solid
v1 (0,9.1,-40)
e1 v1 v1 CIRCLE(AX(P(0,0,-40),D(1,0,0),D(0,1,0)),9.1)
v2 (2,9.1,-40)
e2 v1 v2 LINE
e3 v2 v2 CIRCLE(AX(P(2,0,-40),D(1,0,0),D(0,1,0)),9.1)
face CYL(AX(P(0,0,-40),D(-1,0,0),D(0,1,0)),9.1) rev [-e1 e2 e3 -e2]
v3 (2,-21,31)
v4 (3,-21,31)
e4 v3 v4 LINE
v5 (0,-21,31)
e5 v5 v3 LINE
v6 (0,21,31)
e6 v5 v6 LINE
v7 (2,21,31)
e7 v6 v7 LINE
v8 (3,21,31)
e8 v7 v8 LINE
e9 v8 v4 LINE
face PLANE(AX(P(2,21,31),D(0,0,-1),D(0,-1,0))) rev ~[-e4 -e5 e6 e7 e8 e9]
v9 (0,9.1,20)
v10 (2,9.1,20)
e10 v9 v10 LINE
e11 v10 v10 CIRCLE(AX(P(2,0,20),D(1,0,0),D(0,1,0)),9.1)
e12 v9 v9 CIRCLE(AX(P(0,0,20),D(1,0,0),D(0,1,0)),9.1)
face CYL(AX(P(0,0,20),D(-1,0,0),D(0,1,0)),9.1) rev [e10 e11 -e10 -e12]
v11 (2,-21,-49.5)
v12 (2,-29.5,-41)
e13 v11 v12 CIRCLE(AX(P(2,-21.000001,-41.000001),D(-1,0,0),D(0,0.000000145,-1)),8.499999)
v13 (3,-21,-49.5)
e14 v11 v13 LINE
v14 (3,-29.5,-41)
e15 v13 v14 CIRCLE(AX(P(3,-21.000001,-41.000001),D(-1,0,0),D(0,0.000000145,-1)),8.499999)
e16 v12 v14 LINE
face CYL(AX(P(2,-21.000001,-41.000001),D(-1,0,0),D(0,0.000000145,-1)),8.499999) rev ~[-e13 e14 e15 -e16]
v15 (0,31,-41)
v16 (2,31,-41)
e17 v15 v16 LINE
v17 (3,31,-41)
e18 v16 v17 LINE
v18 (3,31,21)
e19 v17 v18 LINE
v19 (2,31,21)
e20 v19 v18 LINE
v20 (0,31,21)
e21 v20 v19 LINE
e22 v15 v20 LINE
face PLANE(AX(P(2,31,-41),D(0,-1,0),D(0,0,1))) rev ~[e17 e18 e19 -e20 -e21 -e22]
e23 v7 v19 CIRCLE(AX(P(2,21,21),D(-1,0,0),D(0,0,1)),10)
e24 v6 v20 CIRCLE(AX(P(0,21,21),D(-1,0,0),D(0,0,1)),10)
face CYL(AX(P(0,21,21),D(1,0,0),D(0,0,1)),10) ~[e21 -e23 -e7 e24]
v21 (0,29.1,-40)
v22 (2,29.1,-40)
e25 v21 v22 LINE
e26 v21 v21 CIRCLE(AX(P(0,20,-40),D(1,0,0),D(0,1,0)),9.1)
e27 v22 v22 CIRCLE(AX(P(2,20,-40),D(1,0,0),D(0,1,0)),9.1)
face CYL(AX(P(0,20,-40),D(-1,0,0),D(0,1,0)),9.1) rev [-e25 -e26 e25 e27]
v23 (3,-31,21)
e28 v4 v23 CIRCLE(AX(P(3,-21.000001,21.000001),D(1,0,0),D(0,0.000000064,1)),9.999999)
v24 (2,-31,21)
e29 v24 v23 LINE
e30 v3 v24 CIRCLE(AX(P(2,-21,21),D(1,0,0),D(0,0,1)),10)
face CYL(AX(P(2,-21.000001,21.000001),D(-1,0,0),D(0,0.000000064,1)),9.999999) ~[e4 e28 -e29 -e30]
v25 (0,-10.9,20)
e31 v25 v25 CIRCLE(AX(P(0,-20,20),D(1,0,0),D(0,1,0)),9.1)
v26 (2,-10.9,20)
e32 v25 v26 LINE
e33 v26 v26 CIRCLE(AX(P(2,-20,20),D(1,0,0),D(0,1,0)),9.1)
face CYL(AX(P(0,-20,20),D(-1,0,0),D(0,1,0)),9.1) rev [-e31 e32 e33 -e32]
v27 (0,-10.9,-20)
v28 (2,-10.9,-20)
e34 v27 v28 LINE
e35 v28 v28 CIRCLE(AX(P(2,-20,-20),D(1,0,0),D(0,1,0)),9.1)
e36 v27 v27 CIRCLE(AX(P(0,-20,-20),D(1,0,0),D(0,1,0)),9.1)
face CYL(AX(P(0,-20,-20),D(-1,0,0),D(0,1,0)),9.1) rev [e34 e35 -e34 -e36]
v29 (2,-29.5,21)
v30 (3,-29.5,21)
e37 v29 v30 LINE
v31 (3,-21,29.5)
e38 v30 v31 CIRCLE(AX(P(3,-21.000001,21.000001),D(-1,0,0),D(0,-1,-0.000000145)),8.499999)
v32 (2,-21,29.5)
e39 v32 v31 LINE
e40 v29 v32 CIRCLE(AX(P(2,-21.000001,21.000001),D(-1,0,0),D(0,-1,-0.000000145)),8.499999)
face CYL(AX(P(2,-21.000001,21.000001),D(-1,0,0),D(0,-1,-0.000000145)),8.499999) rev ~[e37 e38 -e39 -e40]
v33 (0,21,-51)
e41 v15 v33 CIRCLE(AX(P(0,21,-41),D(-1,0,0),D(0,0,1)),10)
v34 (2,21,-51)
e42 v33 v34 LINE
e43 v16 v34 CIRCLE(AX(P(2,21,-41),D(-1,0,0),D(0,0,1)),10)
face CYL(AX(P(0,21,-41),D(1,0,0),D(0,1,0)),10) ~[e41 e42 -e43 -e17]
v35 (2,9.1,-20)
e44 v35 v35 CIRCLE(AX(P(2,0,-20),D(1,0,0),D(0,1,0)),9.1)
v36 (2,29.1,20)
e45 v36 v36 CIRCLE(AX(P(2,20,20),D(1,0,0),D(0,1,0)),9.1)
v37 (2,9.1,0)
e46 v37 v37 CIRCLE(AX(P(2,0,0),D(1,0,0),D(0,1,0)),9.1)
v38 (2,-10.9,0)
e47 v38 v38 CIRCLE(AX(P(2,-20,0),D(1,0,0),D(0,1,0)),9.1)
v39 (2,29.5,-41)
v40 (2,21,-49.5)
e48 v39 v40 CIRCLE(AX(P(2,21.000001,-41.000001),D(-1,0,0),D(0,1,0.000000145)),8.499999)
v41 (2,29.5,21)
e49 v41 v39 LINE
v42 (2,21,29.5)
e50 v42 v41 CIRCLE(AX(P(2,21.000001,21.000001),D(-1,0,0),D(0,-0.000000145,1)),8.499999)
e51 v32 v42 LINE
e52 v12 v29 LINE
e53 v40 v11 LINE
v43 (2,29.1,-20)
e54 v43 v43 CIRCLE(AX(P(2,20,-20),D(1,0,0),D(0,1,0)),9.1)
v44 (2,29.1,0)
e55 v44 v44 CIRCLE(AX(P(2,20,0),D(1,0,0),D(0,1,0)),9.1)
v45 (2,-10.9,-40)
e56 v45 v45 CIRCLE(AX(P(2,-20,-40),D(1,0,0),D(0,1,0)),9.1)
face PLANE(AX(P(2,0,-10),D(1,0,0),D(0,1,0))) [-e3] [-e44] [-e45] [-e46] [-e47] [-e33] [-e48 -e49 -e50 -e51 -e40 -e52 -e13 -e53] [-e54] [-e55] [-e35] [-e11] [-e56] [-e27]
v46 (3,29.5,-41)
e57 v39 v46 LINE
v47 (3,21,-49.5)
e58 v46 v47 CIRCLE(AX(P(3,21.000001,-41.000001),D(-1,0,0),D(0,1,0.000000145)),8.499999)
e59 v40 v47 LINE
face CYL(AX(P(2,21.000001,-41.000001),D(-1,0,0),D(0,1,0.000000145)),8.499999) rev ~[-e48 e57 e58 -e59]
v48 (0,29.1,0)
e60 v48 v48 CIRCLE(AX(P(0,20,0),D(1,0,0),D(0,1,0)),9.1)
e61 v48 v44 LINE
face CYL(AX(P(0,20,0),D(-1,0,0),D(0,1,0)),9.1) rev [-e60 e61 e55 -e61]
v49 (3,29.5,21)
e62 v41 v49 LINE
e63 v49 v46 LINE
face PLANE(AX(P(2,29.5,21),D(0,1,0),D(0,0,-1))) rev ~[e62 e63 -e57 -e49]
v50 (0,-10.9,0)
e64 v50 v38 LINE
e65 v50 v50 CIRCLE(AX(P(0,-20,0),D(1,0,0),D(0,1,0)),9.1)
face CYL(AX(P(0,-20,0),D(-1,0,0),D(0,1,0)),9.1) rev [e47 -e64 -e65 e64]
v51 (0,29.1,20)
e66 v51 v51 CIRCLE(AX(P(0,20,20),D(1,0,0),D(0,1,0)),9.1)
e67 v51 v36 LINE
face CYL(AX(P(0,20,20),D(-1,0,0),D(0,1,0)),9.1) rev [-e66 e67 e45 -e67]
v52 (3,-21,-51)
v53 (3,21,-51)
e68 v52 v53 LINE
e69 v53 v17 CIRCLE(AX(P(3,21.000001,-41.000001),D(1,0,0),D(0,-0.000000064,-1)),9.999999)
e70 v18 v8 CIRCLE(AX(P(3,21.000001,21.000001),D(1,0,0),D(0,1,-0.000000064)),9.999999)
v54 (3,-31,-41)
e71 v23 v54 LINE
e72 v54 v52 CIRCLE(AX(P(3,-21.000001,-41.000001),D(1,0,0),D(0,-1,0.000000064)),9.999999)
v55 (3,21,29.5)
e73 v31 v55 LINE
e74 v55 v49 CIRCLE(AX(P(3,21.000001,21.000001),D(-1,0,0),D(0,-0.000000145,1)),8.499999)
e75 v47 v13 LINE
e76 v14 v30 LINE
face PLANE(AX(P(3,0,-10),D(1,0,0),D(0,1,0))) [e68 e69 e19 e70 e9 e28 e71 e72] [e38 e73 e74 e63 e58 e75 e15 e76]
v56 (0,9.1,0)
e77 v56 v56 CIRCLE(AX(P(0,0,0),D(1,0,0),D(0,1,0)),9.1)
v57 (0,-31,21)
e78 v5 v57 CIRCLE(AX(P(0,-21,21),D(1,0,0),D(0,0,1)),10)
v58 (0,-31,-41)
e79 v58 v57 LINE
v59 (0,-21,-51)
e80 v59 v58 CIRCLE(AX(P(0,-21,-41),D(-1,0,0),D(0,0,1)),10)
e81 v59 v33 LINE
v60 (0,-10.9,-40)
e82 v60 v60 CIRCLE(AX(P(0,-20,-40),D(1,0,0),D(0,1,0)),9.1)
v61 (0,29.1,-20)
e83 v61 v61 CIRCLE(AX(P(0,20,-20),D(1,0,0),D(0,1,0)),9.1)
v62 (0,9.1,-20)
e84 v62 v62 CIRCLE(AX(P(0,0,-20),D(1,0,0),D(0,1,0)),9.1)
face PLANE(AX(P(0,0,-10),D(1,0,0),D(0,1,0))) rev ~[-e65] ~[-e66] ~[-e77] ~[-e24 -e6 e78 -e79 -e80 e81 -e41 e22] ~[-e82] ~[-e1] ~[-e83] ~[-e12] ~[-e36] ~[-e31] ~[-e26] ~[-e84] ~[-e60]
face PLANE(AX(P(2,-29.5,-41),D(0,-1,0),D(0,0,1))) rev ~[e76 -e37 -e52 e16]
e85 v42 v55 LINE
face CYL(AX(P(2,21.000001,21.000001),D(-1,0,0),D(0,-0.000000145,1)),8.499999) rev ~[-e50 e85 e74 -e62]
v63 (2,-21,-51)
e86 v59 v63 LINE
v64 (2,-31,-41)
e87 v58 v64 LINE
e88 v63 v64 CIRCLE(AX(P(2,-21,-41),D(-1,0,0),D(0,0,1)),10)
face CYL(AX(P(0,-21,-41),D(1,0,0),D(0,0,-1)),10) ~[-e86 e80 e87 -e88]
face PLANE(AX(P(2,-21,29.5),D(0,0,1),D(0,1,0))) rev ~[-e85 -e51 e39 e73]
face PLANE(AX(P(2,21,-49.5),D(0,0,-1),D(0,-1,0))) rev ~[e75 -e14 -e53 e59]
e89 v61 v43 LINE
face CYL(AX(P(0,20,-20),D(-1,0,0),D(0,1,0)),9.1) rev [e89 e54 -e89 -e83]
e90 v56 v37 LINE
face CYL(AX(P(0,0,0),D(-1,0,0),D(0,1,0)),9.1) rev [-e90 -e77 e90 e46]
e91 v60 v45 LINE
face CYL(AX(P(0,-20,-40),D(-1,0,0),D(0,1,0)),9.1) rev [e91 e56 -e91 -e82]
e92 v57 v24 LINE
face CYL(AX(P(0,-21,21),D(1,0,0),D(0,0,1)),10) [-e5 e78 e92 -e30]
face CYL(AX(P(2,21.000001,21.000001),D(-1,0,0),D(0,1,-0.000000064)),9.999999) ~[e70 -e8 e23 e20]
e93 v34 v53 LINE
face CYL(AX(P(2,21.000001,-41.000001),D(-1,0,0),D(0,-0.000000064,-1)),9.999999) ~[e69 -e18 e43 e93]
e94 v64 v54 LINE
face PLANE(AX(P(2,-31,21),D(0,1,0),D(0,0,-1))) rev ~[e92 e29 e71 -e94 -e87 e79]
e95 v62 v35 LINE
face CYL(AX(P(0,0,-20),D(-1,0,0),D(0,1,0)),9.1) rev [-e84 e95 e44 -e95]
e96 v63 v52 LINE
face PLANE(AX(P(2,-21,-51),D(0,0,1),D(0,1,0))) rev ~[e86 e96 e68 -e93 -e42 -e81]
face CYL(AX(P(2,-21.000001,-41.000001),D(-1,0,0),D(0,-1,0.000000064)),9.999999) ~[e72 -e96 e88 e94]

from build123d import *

# Parameters (mm, degrees)
F0_W     = 62
F0_H     = 82
F0_R     = 9.1
F1_DEPTH = 2
F2_R     = 10
F3_R     = 10
F4_R     = 10
F5_R     = 10
F7_DEPTH = 1


with BuildPart() as f1:
    # F0 (on Right) → F1 (new body)
    with BuildSketch(Plane.YZ):
        with Locations((0, -10)):
            Rectangle(F0_W, F0_H)
        with Locations((-20, -40)):
            Circle(F0_R, mode=Mode.SUBTRACT)
        with Locations((-20, -20)):
            Circle(F0_R, mode=Mode.SUBTRACT)
        with Locations((0, -40)):
            Circle(F0_R, mode=Mode.SUBTRACT)
        with Locations((20, -40)):
            Circle(F0_R, mode=Mode.SUBTRACT)
        with Locations((0, -20)):
            Circle(F0_R, mode=Mode.SUBTRACT)
        with Locations((20, -20)):
            Circle(F0_R, mode=Mode.SUBTRACT)
        with Locations((-20, 0)):
            Circle(F0_R, mode=Mode.SUBTRACT)
        with Locations((-20, 20)):
            Circle(F0_R, mode=Mode.SUBTRACT)
        Circle(F0_R, mode=Mode.SUBTRACT)
        with Locations((20, 0)):
            Circle(F0_R, mode=Mode.SUBTRACT)
        with Locations((0, 20)):
            Circle(F0_R, mode=Mode.SUBTRACT)
        with Locations((20, 20)):
            Circle(F0_R, mode=Mode.SUBTRACT)
    extrude(amount=F1_DEPTH)

    # F2
    f2_edges = [f1.edges().sort_by_distance(p)[0] for p in [
        (1, 31, 31),
    ]]
    fillet(f2_edges, radius=F2_R)

    # F3
    f3_edges = [f1.edges().sort_by_distance(p)[0] for p in [
        (1, -31, 31),
    ]]
    fillet(f3_edges, radius=F3_R)

    # F4
    f4_edges = [f1.edges().sort_by_distance(p)[0] for p in [
        (1, 31, -51),
    ]]
    fillet(f4_edges, radius=F4_R)

    # F5
    f5_edges = [f1.edges().sort_by_distance(p)[0] for p in [
        (1, -31, -51),
    ]]
    fillet(f5_edges, radius=F5_R)

    # F6 (on face) → F7 (join)
    with BuildSketch(Plane.YZ.offset(2)):
        with BuildLine():
            ThreePointArc((-31, -41), (-28.071068, -48.071068), (-21, -51))
            Line((-21, -51), (21, -51))
            ThreePointArc((21, -51), (28.071068, -48.071068), (31, -41))
            Line((31, -41), (31, 21))
            ThreePointArc((31, 21), (28.071068, 28.071068), (21, 31))
            Line((21, 31), (-21, 31))
            ThreePointArc((-21, 31), (-28.071068, 28.071068), (-31, 21))
            Line((-31, 21), (-31, -41))
        make_face()
        with BuildLine():
            ThreePointArc((-29.5, 21), (-27.010408, 27.010408), (-21, 29.5))
            Line((-21, 29.5), (21, 29.5))
            ThreePointArc((21, 29.5), (27.010408, 27.010408), (29.5, 21))
            Line((29.5, 21), (29.5, -41))
            ThreePointArc((29.5, -41), (27.010408, -47.010408), (21, -49.5))
            Line((21, -49.5), (-21, -49.5))
            ThreePointArc((-21, -49.5), (-27.010408, -47.010408), (-29.5, -41))
            Line((-29.5, -41), (-29.5, 21))
        make_face(mode=Mode.SUBTRACT)
    extrude(amount=F7_DEPTH)


solid = f1.part
